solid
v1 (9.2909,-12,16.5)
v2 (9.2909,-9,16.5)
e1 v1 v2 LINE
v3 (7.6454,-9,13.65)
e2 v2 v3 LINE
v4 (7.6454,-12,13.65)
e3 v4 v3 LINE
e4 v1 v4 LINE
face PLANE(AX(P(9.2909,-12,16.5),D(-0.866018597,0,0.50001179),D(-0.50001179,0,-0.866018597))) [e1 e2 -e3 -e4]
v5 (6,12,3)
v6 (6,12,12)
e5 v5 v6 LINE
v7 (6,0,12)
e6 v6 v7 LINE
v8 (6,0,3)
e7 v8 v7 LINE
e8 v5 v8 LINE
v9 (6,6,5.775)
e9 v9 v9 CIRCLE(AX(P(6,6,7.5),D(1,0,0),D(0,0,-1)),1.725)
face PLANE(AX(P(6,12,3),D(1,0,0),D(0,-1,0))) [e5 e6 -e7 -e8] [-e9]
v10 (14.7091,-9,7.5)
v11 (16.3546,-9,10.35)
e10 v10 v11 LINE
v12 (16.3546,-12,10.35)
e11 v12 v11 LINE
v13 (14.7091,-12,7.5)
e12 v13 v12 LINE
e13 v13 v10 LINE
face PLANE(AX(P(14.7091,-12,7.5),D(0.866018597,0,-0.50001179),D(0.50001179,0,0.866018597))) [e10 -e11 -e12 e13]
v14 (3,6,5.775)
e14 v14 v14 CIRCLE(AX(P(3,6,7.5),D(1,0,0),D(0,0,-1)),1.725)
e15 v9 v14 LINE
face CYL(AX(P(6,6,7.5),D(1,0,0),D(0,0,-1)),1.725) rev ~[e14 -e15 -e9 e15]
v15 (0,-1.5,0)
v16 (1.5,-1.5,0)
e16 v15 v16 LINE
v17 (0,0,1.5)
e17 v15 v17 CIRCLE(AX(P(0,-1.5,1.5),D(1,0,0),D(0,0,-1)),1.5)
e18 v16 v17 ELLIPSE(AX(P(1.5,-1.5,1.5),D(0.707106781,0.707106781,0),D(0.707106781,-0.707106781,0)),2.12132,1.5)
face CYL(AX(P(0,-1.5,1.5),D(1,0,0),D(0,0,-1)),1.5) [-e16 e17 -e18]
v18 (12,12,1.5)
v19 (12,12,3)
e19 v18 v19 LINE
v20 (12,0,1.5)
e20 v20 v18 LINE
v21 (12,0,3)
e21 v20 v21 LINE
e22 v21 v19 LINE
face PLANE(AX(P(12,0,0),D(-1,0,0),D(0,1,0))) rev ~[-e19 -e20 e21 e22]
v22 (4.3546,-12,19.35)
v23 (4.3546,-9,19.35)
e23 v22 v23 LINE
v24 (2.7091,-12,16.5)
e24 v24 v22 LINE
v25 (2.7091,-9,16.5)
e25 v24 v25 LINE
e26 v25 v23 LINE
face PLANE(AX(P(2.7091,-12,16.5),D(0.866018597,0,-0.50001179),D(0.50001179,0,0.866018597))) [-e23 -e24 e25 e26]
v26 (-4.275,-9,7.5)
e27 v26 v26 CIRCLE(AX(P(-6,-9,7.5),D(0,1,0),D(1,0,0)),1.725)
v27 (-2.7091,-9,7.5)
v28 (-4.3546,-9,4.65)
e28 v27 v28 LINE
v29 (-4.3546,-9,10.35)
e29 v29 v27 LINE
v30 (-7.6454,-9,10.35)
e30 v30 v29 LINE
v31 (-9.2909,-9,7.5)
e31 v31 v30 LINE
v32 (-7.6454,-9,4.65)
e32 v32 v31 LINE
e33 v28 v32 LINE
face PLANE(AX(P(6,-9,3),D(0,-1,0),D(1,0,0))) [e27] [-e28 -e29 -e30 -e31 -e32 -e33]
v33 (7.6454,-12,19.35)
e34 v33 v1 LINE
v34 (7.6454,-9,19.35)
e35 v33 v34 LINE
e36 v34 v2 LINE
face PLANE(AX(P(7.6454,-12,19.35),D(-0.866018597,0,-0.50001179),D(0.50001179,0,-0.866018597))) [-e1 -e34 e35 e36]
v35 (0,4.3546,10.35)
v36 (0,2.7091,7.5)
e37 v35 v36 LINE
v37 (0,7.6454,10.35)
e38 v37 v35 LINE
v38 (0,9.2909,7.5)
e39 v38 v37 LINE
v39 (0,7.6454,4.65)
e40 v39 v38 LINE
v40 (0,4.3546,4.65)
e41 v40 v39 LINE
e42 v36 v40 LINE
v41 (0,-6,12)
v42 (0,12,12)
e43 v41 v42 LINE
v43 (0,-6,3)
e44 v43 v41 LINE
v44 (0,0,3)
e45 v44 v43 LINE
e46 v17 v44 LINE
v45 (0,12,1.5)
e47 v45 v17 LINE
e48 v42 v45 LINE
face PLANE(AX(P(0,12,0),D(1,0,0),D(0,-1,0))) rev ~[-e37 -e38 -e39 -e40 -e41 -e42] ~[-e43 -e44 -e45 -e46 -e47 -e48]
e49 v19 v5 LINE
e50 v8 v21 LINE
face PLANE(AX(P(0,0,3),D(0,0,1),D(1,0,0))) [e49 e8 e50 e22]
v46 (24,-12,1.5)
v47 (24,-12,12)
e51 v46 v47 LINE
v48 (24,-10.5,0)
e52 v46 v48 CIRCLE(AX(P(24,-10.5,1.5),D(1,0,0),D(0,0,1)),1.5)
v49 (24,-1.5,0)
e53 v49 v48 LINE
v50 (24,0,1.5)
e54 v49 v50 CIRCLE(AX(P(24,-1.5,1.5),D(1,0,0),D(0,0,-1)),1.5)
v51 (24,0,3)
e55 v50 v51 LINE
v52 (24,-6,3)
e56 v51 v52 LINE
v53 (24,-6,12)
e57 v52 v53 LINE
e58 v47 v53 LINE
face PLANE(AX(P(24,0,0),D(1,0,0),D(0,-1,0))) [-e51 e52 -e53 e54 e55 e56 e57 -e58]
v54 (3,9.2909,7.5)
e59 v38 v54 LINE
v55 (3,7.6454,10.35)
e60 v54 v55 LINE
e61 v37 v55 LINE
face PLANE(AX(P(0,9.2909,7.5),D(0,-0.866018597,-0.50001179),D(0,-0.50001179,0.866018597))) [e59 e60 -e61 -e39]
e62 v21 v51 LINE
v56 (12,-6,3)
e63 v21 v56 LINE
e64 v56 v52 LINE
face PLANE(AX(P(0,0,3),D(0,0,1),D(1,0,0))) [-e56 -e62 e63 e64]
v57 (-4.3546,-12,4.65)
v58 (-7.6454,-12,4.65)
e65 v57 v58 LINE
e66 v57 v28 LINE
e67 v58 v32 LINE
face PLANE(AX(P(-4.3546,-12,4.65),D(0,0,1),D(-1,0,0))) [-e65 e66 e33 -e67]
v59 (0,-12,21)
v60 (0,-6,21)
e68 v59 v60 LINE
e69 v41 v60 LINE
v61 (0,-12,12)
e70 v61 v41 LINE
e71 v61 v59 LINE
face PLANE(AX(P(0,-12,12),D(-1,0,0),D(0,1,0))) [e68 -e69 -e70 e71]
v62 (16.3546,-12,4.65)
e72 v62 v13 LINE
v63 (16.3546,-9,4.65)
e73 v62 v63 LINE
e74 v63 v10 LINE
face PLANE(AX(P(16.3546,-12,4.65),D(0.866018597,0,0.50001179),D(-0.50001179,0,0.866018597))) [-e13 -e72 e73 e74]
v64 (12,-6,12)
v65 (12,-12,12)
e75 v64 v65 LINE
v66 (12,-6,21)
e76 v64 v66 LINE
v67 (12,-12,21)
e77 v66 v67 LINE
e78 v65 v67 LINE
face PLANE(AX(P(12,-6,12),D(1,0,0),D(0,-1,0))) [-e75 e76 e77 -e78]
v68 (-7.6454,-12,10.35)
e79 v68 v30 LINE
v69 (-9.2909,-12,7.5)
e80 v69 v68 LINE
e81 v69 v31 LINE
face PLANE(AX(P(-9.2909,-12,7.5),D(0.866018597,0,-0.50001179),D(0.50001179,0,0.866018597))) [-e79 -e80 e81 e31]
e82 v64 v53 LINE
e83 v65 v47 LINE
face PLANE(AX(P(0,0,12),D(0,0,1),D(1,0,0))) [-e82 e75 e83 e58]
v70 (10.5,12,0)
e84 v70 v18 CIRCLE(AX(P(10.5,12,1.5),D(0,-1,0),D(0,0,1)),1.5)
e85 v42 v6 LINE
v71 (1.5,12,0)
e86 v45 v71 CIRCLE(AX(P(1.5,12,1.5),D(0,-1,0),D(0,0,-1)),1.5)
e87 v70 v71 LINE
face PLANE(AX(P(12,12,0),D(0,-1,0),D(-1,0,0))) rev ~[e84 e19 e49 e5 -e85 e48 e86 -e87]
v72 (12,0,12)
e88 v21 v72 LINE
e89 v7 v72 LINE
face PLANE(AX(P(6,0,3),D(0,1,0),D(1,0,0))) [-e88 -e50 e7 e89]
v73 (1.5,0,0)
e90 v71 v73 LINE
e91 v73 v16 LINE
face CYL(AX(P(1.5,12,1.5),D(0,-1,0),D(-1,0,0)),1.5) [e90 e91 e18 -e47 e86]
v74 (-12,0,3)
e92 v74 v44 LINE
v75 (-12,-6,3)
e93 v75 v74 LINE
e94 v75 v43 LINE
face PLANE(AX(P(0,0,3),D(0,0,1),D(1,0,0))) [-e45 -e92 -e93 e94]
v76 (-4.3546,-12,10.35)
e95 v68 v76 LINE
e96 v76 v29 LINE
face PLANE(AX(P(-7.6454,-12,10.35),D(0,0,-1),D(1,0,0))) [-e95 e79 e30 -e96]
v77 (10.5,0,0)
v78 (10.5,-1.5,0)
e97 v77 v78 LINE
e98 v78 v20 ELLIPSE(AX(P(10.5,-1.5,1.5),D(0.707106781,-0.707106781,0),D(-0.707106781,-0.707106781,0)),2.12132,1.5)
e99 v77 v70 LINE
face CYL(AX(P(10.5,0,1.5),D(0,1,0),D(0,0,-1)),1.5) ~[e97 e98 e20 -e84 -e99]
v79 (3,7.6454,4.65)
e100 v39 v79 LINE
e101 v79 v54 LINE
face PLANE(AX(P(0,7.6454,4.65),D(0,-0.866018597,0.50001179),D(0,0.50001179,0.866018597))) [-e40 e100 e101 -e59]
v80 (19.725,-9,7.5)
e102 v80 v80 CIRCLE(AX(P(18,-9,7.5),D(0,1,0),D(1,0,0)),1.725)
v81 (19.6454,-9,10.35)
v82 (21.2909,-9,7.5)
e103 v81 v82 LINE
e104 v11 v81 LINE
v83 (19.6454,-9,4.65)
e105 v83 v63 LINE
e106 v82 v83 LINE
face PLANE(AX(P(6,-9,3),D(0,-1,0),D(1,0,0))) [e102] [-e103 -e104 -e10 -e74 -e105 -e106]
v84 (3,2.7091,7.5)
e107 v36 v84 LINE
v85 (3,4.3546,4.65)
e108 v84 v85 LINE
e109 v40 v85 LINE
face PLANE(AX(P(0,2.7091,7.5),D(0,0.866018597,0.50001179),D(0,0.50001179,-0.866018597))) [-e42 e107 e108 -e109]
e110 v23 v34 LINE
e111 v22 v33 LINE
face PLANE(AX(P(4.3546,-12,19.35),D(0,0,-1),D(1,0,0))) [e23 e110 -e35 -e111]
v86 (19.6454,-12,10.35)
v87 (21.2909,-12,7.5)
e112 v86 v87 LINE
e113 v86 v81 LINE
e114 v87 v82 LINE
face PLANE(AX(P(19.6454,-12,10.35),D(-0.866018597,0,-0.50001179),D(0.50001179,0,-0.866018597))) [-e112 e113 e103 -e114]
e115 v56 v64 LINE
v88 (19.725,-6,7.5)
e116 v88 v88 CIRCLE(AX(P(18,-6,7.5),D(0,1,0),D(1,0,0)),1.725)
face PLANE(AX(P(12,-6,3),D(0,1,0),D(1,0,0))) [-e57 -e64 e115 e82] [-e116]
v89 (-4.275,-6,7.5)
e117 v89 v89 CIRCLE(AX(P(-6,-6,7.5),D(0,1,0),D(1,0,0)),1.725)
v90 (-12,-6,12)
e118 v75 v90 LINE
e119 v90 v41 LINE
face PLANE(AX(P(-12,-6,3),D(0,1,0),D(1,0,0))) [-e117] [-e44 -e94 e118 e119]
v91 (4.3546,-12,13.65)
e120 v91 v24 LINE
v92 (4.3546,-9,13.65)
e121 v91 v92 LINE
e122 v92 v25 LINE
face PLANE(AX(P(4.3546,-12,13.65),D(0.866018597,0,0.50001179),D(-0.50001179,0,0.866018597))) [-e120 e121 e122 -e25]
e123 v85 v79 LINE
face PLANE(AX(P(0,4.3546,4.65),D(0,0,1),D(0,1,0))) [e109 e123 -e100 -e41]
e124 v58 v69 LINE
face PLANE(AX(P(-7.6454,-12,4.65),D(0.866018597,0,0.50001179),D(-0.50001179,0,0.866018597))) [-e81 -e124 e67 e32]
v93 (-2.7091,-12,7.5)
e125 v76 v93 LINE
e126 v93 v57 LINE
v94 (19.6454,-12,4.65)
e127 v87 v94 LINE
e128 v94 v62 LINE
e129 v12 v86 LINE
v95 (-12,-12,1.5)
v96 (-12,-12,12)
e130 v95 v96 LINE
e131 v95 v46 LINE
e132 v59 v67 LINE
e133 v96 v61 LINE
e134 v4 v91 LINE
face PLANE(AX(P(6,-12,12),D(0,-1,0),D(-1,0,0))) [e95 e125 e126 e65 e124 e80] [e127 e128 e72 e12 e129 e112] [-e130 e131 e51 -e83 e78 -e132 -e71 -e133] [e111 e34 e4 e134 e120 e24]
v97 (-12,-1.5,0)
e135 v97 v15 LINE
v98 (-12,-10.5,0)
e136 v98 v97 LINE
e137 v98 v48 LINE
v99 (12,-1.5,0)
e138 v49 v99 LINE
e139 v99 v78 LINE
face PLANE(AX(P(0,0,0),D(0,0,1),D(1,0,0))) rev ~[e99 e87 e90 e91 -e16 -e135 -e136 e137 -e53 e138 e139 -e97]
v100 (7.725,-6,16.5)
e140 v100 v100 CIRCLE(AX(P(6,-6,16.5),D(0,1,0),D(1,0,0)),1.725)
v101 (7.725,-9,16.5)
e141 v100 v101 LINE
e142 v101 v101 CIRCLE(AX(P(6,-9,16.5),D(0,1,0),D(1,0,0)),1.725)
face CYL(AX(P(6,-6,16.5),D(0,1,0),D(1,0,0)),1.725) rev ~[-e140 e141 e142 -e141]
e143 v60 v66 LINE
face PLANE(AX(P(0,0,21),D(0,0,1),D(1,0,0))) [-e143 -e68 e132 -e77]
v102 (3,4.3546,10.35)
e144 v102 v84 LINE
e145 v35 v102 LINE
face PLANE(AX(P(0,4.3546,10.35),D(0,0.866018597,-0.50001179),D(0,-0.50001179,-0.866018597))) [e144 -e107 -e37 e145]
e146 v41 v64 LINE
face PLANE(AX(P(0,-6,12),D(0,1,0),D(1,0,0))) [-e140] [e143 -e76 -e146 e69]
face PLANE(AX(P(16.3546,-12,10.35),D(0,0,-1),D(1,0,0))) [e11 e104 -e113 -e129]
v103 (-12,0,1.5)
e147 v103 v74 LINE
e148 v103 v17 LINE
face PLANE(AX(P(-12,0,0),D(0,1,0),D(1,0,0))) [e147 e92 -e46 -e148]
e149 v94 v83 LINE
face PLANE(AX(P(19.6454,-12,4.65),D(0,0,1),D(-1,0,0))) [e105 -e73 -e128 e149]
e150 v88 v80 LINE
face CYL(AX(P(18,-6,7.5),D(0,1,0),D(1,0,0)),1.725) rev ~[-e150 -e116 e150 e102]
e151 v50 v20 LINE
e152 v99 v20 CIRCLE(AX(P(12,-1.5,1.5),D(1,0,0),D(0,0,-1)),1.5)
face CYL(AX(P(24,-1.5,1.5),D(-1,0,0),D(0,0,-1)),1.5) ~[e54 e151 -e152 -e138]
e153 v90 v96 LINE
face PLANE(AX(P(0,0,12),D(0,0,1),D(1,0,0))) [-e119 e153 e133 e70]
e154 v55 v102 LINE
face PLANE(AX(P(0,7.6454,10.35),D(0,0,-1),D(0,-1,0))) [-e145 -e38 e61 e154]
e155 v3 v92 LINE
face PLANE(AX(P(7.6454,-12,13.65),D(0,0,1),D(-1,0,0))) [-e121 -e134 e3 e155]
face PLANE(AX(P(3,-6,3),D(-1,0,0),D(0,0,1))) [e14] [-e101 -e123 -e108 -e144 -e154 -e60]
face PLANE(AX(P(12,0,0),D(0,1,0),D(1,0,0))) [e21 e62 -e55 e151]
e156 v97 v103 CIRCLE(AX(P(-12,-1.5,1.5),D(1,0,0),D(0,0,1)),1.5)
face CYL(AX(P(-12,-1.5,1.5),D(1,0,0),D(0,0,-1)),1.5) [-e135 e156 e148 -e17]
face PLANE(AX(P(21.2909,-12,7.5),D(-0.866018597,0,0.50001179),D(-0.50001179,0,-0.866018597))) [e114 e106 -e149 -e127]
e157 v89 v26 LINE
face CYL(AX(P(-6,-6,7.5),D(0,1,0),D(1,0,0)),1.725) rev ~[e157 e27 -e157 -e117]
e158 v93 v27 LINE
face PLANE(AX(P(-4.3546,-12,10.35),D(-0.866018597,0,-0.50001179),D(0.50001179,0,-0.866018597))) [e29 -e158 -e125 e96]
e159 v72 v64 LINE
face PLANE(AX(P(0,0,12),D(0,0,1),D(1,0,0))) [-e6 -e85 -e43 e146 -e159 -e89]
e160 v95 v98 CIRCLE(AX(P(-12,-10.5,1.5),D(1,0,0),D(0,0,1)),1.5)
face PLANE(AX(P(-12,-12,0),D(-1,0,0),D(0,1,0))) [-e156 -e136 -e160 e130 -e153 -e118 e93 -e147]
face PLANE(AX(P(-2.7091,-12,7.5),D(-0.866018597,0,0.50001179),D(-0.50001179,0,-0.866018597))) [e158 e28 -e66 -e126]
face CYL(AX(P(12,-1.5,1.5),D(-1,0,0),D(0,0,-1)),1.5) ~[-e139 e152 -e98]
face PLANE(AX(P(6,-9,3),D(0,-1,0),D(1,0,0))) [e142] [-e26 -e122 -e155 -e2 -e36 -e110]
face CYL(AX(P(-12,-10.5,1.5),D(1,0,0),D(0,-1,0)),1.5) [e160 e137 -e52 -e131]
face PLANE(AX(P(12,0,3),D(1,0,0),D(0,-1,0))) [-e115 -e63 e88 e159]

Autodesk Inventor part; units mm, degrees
ref_plane "YZ Plane" through (0, 0, 0) normal (1, 0, 0) x (0, 1, 0)
ref_plane "XZ Plane" through (0, 0, 0) normal (0, 1, 0) x (-1, 0, 0)
ref_plane "XY Plane" through (0, 0, 0) normal (0, 0, 1) x (1, 0, 0)
sketch "Sketch1" plane through (0, 0, 0) normal (0, 0, 1) x (1, 0, 0)
  line L0 (0, 0) -> (12, 0)
  line L1 (12, 0) -> (12, 12)
  line L2 (12, 12) -> (0, 12)
  line L3 (0, 12) -> (0, 0)
  line L4 (12, 0) -> (0, 0)
  line L5 (0, 0) -> (0, -12)
  line L6 (0, -12) -> (12, -12)
  line L7 (12, -12) -> (12, 0)
  line L8 (12, 0) -> (24, 0)
  line L9 (24, 0) -> (24, -12)
  line L10 (24, -12) -> (12, -12)
  line L11 (12, -12) -> (12, 0)
  line L12 (0, -12) -> (-12, -12)
  line L13 (-12, -12) -> (-12, 0)
  line L14 (-12, 0) -> (0, 0)
  line L15 (0, 0) -> (0, -12)
  line L16 (0, -12) -> (12, -12)
  line L17 (12, -12) -> (12, -24)
  line L18 (12, -24) -> (0, -24)
  line L19 (0, -24) -> (0, -12)
  dimension "d0" = 12
  dimension "d1" = 12
  dimension "d2" = 12
  dimension "d3" = 12
  dimension "d4" = 12
  dimension "d5" = 12
  dimension "d6" = 12
  dimension "d7" = 12
  dimension "d8" = 12
  dimension "d9" = 12
extrude "Extrusion1" add sketch "Sketch1" along normal blind 3
sketch "Sketch2" plane through (0, 0, 3) normal (0, 0, 1) x (1, 0, 0)
  line L0 (-12, 0) -> (-12, -12) projected
  line L1 (-12, -12) -> (-12, -6)
  line L2 (-12, -6) -> (0, -6)
  line L3 (-12, -12) -> (0, -12) projected
  line L4 (0, -6) -> (0, -12)
  line L5 (0, -12) -> (-12, -12)
  line L6 (12, -24) -> (12, -12) projected
  line L7 (12, -12) -> (12, -6)
  line L8 (12, -6) -> (24, -6)
  line L9 (24, -12) -> (24, 0) projected
  line L10 (12, -12) -> (24, -12) projected
  line L11 (24, -6) -> (24, -12)
  line L12 (24, -12) -> (12, -12)
  line L13 (0, 0) -> (0, -6)
  line L14 (12, 0) -> (12, 12) projected
  line L15 (0, 0) -> (12, 0)
  line L16 (12, 0) -> (12, -6)
  line L17 (12, -12) -> (0, -12)
  line L18 (0, 12) -> (0, 0) projected
  line L19 (0, 0) -> (0, 12)
  line L20 (0, 12) -> (6, 12)
  line L21 (12, 12) -> (0, 12) projected
  line L22 (6, 12) -> (6, 0)
  line L23 (6, 0) -> (0, 0)
  line L24 (0, -12) -> (0, -24) projected
  line L25 (0, -12) -> (0, -24)
  line L26 (0, -24) -> (6, -24)
  line L27 (0, -24) -> (12, -24) projected
  line L28 (6, -24) -> (6, -12)
  line L29 (6, -12) -> (0, -12)
  dimension "d12" = 6
  dimension "d13" = 12
extrude "Extrusion2" add sketch "Sketch2" along normal blind 9 contours L2 L4 L3 L0 | L13 L15 L16 L7 L17 L4 | L17 L28 L26 L24 | L18 L20 L22 L15 | L7 L8 L9 L10
sketch "Sketch3" plane through (0, 0, 12) normal (0, 0, 1) x (1, 0, 0)
  line L0 (0, -6) -> (12, -6)
  line L1 (12, -12) -> (6, -12) projected
  line L2 (12, -6) -> (12, -12)
  line L3 (0, -12) -> (0, -24) projected
  line L4 (12, -12) -> (0, -12)
  line L5 (0, -12) -> (0, -6)
  point P0 (0, 0)
extrude "Extrusion3" add sketch "Sketch3" along normal blind 9
sketch "Sketch4" plane through (6, -12, 3) normal (0, -1, 0) x (1, 0, 0)
  point P0 (-6, -3)
sketch "Sketch5" plane through (-12, -6, 3) normal (0, 1, 0) x (1, 0, 0)
  circle A0 centre (6, -4.5) radius 1.725
  line L0 (0, 0) -> (0, -9) projected
  line L1 (12, -9) -> (0, -9) projected
  circle A1 centre (18, -13.5) radius 1.725
  line L2 (24, -18) -> (12, -18) projected
  line L3 (24, -9) -> (24, -18) projected
  circle A2 centre (30, -4.5) radius 1.725
  line L4 (36, 0) -> (36, -9) projected
  line L5 (36, -9) -> (24, -9) projected
  point P0 (12, 3)
  dimension "d19" = 3.45
  dimension "d20" = 6
  dimension "d21" = 4.5
  dimension "d22" = 3.45
  dimension "d23" = 4.5
  dimension "d24" = 6
  dimension "d25" = 3.45
  dimension "d26" = 6
  dimension "d27" = 4.5
extrude "Extrusion4" cut sketch "Sketch5" against normal blind 3
sketch "Sketch6" plane through (6, -12, 3) normal (0, -1, 0) x (1, 0, 0)
  circle A0 centre (-12, 4.5) radius 1.725 projected
  line L0 (-10.3546, 7.35) -> (-8.7091, 4.5)
  line L1 (-8.7091, 4.5) -> (-10.3546, 1.65)
  line L2 (-10.3546, 1.65) -> (-13.6454, 1.65)
  line L3 (-13.6454, 1.65) -> (-15.2909, 4.5)
  line L4 (-15.2909, 4.5) -> (-13.6454, 7.35)
  line L5 (-13.6454, 7.35) -> (-10.3546, 7.35)
  circle A1 centre (12, 4.5) radius 1.725 projected
  line L6 (13.6454, 7.35) -> (15.2909, 4.5)
  line L7 (15.2909, 4.5) -> (13.6454, 1.65)
  line L8 (13.6454, 1.65) -> (10.3546, 1.65)
  line L9 (10.3546, 1.65) -> (8.7091, 4.5)
  line L10 (8.7091, 4.5) -> (10.3546, 7.35)
  line L11 (10.3546, 7.35) -> (13.6454, 7.35)
  circle A2 centre (0, 13.5) radius 1.725 projected
  line L12 (1.6454, 16.35) -> (3.2909, 13.5)
  line L13 (3.2909, 13.5) -> (1.6454, 10.65)
  line L14 (1.6454, 10.65) -> (-1.6454, 10.65)
  line L15 (-1.6454, 10.65) -> (-3.2909, 13.5)
  line L16 (-3.2909, 13.5) -> (-1.6454, 16.35)
  line L17 (-1.6454, 16.35) -> (1.6454, 16.35)
  point P0 (-6, -3)
  dimension "d30" = 2.85
  dimension "d31" = 2.85
  dimension "d32" = 2.85
extrude "Extrusion5" cut sketch "Sketch6" against normal blind 3 contours A0 | L0 L1 L2 L3 L4 L5 | A1 | L6 L7 L8 L9 L10 L11 | A2 | L12 L13 L14 L15 L16 L17
sketch "Sketch7" plane through (6, 0, 3) normal (1, 0, 0) x (0, 0, -1)
  circle A0 centre (-4.5, 6) radius 1.725
  circle A1 centre (-4.5, -18) radius 1.725
  line L0 (-9, 0) -> (-9, 12) projected
  line L1 (-9, -24) -> (-9, -12) projected
  line L2 (0, -24) -> (-9, -24) projected
  line L3 (0, 12) -> (-9, 12) projected
  point P0 (3, 0)
  dimension "d35" = 3.45
  dimension "d36" = 3.45
  dimension "d37" = 4.5
  dimension "d38" = 4.5
  dimension "d39" = 6
  dimension "d40" = 6
extrude "Extrusion6" cut sketch "Sketch7" against normal blind 3
sketch "Sketch8" plane through (0, -6, 3) normal (-1, 0, 0) x (0, 0, 1)
  circle A0 centre (4.5, 12) radius 1.725 projected
  line L0 (1.65, 13.6454) -> (4.5, 15.2909)
  line L1 (4.5, 15.2909) -> (7.35, 13.6454)
  line L2 (7.35, 13.6454) -> (7.35, 10.3546)
  line L3 (7.35, 10.3546) -> (4.5, 8.7091)
  line L4 (4.5, 8.7091) -> (1.65, 10.3546)
  line L5 (1.65, 10.3546) -> (1.65, 13.6454)
  circle A1 centre (4.5, -12) radius 1.725 projected
  line L6 (1.65, -10.3546) -> (4.5, -8.7091)
  line L7 (4.5, -8.7091) -> (7.35, -10.3546)
  line L8 (7.35, -10.3546) -> (7.35, -13.6454)
  line L9 (7.35, -13.6454) -> (4.5, -15.2909)
  line L10 (4.5, -15.2909) -> (1.65, -13.6454)
  line L11 (1.65, -13.6454) -> (1.65, -10.3546)
  point P0 (-3, 6)
  dimension "d43" = 2.85
  dimension "d44" = 2.85
extrude "Extrusion7" cut sketch "Sketch8" against normal blind 3 contours A0 | L0 L1 L2 L3 L4 L5 | A1 | L6 L7 L8 L9 L10 L11
sketch "Sketch9" plane through (0, 0, 12) normal (0, 0, 1) x (1, 0, 0)
  line L0 (1.5, -10.5) -> (0, -12) projected
  line L1 (12, -12) -> (6, -12) projected
  line L2 (0, -12) -> (12, -12)
  line L3 (12, -24) -> (12, -12) projected
  line L4 (12, -12) -> (12, -24)
  line L5 (1.5, -24) -> (0, -24) projected
  line L6 (12, -24) -> (0, -24)
  line L7 (0, -24) -> (0, -12)
  line L8 (0, -12) -> (-12, -12) projected
  point P0 (0, 0)
extrude "Extrusion8" cut sketch "Sketch9" against normal blind 12
fillet "Fillet2" radius 1.5 3 edges at (6, -12, 0) (0, 6, 0) (12, 6, 0)
fillet "Fillet3" radius 1.5 2 edges at (0.75, 0, 0) (11.25, 0, 0)
properties part number "threewayVer1"
